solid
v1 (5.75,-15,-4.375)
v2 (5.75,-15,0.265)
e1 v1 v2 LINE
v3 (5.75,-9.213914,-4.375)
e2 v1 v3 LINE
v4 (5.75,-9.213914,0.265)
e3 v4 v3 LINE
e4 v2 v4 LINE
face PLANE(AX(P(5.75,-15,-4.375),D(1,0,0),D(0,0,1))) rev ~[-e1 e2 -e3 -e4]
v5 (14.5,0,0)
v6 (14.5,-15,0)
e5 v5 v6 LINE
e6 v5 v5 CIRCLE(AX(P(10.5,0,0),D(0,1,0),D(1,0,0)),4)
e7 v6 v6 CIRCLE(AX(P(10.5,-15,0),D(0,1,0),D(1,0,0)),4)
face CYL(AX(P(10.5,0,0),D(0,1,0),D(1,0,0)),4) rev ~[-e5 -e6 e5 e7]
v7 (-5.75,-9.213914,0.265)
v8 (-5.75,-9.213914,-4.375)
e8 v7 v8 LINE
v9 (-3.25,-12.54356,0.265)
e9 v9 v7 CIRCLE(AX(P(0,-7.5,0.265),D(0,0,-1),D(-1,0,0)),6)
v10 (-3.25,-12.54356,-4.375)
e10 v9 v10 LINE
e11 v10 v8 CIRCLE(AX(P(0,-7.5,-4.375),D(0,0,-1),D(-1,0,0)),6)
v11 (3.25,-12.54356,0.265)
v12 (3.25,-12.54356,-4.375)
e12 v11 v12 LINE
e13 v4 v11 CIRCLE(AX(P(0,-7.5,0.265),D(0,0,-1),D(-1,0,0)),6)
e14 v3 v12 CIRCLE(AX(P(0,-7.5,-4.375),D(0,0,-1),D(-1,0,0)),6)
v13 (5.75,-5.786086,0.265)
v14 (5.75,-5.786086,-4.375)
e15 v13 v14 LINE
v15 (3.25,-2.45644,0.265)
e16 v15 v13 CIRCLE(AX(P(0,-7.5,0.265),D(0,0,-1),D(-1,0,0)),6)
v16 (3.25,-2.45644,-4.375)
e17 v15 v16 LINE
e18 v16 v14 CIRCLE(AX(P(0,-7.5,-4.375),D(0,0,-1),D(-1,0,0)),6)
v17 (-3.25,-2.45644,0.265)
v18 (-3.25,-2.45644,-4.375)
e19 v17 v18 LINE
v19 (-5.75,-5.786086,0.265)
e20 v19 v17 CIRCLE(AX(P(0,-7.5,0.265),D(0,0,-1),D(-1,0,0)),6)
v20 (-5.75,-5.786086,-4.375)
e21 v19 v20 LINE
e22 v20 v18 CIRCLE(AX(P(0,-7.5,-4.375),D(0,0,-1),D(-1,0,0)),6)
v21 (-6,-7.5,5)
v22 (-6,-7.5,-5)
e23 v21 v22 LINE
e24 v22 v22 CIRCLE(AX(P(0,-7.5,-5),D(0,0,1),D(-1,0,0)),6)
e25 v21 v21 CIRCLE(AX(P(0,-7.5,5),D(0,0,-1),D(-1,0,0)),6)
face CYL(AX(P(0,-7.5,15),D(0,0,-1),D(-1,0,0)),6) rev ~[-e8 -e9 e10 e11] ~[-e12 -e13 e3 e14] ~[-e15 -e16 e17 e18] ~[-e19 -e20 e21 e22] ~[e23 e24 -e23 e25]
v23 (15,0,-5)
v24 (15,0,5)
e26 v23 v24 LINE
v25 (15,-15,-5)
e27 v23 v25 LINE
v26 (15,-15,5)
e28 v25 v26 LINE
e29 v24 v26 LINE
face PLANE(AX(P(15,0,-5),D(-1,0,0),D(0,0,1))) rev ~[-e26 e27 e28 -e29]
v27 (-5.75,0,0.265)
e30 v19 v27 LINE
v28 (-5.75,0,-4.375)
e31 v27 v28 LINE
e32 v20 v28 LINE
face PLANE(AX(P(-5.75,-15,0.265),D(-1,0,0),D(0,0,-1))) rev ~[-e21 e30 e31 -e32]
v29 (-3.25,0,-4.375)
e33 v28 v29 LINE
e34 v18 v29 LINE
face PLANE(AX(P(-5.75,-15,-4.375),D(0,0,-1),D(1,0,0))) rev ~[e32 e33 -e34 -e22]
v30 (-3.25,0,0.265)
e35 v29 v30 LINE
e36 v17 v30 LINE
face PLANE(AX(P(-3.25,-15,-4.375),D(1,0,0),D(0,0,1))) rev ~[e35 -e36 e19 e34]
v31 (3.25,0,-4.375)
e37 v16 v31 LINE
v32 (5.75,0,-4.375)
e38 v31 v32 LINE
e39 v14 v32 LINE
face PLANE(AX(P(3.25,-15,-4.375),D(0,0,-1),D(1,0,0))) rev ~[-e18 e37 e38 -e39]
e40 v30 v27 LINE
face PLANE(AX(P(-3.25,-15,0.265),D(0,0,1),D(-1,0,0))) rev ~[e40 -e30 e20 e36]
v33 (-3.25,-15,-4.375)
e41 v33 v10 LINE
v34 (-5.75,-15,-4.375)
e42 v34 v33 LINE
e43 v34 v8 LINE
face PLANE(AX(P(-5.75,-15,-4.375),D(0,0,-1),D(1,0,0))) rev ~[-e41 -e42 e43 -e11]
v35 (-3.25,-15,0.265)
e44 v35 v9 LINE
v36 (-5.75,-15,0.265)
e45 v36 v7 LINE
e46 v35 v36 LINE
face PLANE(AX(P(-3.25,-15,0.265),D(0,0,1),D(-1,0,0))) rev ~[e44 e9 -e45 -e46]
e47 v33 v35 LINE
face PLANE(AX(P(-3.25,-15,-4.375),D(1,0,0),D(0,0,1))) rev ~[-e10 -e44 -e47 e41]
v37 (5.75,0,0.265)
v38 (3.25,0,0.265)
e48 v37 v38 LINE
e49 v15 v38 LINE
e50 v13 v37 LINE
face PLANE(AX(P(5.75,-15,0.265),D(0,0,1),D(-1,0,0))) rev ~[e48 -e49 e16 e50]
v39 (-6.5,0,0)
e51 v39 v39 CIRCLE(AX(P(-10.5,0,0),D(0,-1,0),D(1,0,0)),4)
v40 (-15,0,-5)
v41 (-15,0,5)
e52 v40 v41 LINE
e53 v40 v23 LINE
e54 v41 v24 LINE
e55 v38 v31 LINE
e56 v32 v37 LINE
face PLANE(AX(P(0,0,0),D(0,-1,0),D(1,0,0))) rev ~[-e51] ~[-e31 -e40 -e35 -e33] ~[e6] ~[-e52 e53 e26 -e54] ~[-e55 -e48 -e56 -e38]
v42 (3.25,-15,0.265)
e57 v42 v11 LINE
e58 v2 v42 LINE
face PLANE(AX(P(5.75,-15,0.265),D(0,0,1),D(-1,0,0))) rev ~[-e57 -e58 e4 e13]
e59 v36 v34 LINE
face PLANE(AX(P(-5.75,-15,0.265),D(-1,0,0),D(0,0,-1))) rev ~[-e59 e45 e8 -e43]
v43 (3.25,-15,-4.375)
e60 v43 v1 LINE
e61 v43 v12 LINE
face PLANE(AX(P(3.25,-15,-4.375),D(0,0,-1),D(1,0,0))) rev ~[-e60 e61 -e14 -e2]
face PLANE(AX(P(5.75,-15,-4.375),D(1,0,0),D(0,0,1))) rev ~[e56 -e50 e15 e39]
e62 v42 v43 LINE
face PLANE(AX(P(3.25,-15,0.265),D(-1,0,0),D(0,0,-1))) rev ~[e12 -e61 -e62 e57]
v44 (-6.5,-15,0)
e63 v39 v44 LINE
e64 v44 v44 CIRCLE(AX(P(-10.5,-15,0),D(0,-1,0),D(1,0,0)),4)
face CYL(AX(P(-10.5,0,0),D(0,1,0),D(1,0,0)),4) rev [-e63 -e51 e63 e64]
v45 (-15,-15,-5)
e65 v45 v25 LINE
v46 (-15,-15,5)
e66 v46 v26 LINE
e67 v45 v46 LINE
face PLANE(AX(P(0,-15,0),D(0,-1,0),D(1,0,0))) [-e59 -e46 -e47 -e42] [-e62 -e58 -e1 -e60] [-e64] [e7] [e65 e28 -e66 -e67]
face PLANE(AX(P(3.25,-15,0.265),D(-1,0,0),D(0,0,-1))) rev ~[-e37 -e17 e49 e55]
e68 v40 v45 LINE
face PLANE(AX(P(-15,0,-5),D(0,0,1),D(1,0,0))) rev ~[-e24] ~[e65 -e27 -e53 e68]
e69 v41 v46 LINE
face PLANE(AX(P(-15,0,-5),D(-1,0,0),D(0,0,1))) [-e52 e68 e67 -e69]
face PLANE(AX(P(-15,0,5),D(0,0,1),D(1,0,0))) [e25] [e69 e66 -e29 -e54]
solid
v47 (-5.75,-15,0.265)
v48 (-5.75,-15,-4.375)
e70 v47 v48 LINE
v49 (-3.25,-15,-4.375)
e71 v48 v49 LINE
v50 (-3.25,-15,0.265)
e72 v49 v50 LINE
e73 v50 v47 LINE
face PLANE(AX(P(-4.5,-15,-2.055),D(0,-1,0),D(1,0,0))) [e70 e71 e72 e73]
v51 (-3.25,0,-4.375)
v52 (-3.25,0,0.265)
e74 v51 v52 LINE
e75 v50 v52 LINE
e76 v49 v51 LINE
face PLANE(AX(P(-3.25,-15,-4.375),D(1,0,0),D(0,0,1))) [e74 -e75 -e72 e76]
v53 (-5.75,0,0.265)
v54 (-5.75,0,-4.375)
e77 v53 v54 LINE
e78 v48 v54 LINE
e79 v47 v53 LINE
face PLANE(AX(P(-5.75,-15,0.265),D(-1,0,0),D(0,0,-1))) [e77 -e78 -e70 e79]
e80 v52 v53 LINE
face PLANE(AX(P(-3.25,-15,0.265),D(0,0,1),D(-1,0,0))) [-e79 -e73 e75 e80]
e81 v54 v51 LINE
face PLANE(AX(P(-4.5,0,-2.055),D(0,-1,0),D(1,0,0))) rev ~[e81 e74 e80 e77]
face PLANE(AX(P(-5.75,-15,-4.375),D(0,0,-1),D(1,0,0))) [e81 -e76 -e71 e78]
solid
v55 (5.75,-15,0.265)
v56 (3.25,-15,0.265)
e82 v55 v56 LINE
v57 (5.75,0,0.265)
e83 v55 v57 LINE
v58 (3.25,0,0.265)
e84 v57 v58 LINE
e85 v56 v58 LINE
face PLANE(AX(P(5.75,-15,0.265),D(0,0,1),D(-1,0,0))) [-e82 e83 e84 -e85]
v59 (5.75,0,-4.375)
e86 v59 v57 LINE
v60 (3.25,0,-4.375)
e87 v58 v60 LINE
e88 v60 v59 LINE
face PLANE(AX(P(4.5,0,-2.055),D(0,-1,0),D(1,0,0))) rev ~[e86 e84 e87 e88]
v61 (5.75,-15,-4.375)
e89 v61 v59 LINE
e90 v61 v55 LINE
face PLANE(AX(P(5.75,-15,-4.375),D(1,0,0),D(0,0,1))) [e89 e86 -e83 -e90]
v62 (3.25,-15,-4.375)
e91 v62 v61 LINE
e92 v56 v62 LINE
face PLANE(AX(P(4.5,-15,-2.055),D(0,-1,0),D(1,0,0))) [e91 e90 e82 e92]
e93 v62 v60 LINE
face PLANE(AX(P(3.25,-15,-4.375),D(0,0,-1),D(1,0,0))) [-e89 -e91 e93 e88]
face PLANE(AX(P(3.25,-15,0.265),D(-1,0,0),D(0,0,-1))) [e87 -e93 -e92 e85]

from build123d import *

# Parameters (mm, degrees)
F0_W     = 30
F0_H     = 10
F0_R     = 4
F1_DEPTH = 15
F3_D     = 12
F3_DEPTH = 10
F3_TIP   = 3.6051637142
F5_DEPTH = 25
F6_DEPTH = 15


with BuildPart() as f1:
    # F0 (on Front) → F1 (new body)
    with BuildSketch(Plane.XZ):
        Rectangle(F0_W, F0_H)
        with Locations((-10.5, 0)):
            Circle(F0_R, mode=Mode.SUBTRACT)
        Polygon((6, 0.6794541841), (6, 0), (6, -0.6794541841), (-6, -0.6794541841), (-6, 0), (-6, 0.6794541841), align=None, mode=Mode.SUBTRACT)
        with BuildLine():
            ThreePointArc((6.5, 0), (10.5, 4), (14.5, 0))
            ThreePointArc((14.5, 0), (10.5, -4), (6.5, 0))
        make_face(mode=Mode.SUBTRACT)
        Polygon((6, -0.6794541841), (6, 0), (0, 0), (-6, 0), (-6, -0.6794541841), align=None)
        Polygon((0, 0), (6, 0), (6, 0.6794541841), (-6, 0.6794541841), (-6, 0), align=None)
    extrude(amount=F1_DEPTH)

    # F3
    with Locations(Plane.XY.offset(5)):
        with Locations((0, -7.5)):
            Hole(F3_D / 2, depth=F3_DEPTH)
            with Locations((0, 0, -(F3_DEPTH + F3_TIP / 2))):  # 118° drill point
                Cone(0, F3_D / 2, F3_TIP, mode=Mode.SUBTRACT)

    # F4 (on face) → F5 (cut)
    with BuildSketch(Plane.XZ.offset(15)):
        Polygon((-5.75, -4.375), (-3.25, -4.375), (-3.25, -3.75), (-3.25, -2.5), (-3.25, 0.265), (-5.75, 0.265), align=None)
        Polygon((3.25, -3.75), (3.25, -4.375), (5.75, -4.375), (5.75, 0.265), (3.25, 0.265), (3.25, -2.5), align=None)
    extrude(amount=-F5_DEPTH, mode=Mode.SUBTRACT)


with BuildPart() as f6:
    # F4 (on face) → F6 (new body)
    with BuildSketch(Plane.XZ.offset(15)):
        Polygon((-5.75, -4.375), (-3.25, -4.375), (-3.25, -3.75), (-3.25, -2.5), (-3.25, 0.265), (-5.75, 0.265), align=None)
    extrude(amount=-F6_DEPTH)


with BuildPart() as f6b:
    # F4 (on face) → F6, piece 2 (new body)
    with BuildSketch(Plane.XZ.offset(15)):
        Polygon((3.25, -3.75), (3.25, -4.375), (5.75, -4.375), (5.75, 0.265), (3.25, 0.265), (3.25, -2.5), align=None)
    extrude(amount=-F6_DEPTH)


solid = Compound([f1.part, f6.part, f6b.part])
